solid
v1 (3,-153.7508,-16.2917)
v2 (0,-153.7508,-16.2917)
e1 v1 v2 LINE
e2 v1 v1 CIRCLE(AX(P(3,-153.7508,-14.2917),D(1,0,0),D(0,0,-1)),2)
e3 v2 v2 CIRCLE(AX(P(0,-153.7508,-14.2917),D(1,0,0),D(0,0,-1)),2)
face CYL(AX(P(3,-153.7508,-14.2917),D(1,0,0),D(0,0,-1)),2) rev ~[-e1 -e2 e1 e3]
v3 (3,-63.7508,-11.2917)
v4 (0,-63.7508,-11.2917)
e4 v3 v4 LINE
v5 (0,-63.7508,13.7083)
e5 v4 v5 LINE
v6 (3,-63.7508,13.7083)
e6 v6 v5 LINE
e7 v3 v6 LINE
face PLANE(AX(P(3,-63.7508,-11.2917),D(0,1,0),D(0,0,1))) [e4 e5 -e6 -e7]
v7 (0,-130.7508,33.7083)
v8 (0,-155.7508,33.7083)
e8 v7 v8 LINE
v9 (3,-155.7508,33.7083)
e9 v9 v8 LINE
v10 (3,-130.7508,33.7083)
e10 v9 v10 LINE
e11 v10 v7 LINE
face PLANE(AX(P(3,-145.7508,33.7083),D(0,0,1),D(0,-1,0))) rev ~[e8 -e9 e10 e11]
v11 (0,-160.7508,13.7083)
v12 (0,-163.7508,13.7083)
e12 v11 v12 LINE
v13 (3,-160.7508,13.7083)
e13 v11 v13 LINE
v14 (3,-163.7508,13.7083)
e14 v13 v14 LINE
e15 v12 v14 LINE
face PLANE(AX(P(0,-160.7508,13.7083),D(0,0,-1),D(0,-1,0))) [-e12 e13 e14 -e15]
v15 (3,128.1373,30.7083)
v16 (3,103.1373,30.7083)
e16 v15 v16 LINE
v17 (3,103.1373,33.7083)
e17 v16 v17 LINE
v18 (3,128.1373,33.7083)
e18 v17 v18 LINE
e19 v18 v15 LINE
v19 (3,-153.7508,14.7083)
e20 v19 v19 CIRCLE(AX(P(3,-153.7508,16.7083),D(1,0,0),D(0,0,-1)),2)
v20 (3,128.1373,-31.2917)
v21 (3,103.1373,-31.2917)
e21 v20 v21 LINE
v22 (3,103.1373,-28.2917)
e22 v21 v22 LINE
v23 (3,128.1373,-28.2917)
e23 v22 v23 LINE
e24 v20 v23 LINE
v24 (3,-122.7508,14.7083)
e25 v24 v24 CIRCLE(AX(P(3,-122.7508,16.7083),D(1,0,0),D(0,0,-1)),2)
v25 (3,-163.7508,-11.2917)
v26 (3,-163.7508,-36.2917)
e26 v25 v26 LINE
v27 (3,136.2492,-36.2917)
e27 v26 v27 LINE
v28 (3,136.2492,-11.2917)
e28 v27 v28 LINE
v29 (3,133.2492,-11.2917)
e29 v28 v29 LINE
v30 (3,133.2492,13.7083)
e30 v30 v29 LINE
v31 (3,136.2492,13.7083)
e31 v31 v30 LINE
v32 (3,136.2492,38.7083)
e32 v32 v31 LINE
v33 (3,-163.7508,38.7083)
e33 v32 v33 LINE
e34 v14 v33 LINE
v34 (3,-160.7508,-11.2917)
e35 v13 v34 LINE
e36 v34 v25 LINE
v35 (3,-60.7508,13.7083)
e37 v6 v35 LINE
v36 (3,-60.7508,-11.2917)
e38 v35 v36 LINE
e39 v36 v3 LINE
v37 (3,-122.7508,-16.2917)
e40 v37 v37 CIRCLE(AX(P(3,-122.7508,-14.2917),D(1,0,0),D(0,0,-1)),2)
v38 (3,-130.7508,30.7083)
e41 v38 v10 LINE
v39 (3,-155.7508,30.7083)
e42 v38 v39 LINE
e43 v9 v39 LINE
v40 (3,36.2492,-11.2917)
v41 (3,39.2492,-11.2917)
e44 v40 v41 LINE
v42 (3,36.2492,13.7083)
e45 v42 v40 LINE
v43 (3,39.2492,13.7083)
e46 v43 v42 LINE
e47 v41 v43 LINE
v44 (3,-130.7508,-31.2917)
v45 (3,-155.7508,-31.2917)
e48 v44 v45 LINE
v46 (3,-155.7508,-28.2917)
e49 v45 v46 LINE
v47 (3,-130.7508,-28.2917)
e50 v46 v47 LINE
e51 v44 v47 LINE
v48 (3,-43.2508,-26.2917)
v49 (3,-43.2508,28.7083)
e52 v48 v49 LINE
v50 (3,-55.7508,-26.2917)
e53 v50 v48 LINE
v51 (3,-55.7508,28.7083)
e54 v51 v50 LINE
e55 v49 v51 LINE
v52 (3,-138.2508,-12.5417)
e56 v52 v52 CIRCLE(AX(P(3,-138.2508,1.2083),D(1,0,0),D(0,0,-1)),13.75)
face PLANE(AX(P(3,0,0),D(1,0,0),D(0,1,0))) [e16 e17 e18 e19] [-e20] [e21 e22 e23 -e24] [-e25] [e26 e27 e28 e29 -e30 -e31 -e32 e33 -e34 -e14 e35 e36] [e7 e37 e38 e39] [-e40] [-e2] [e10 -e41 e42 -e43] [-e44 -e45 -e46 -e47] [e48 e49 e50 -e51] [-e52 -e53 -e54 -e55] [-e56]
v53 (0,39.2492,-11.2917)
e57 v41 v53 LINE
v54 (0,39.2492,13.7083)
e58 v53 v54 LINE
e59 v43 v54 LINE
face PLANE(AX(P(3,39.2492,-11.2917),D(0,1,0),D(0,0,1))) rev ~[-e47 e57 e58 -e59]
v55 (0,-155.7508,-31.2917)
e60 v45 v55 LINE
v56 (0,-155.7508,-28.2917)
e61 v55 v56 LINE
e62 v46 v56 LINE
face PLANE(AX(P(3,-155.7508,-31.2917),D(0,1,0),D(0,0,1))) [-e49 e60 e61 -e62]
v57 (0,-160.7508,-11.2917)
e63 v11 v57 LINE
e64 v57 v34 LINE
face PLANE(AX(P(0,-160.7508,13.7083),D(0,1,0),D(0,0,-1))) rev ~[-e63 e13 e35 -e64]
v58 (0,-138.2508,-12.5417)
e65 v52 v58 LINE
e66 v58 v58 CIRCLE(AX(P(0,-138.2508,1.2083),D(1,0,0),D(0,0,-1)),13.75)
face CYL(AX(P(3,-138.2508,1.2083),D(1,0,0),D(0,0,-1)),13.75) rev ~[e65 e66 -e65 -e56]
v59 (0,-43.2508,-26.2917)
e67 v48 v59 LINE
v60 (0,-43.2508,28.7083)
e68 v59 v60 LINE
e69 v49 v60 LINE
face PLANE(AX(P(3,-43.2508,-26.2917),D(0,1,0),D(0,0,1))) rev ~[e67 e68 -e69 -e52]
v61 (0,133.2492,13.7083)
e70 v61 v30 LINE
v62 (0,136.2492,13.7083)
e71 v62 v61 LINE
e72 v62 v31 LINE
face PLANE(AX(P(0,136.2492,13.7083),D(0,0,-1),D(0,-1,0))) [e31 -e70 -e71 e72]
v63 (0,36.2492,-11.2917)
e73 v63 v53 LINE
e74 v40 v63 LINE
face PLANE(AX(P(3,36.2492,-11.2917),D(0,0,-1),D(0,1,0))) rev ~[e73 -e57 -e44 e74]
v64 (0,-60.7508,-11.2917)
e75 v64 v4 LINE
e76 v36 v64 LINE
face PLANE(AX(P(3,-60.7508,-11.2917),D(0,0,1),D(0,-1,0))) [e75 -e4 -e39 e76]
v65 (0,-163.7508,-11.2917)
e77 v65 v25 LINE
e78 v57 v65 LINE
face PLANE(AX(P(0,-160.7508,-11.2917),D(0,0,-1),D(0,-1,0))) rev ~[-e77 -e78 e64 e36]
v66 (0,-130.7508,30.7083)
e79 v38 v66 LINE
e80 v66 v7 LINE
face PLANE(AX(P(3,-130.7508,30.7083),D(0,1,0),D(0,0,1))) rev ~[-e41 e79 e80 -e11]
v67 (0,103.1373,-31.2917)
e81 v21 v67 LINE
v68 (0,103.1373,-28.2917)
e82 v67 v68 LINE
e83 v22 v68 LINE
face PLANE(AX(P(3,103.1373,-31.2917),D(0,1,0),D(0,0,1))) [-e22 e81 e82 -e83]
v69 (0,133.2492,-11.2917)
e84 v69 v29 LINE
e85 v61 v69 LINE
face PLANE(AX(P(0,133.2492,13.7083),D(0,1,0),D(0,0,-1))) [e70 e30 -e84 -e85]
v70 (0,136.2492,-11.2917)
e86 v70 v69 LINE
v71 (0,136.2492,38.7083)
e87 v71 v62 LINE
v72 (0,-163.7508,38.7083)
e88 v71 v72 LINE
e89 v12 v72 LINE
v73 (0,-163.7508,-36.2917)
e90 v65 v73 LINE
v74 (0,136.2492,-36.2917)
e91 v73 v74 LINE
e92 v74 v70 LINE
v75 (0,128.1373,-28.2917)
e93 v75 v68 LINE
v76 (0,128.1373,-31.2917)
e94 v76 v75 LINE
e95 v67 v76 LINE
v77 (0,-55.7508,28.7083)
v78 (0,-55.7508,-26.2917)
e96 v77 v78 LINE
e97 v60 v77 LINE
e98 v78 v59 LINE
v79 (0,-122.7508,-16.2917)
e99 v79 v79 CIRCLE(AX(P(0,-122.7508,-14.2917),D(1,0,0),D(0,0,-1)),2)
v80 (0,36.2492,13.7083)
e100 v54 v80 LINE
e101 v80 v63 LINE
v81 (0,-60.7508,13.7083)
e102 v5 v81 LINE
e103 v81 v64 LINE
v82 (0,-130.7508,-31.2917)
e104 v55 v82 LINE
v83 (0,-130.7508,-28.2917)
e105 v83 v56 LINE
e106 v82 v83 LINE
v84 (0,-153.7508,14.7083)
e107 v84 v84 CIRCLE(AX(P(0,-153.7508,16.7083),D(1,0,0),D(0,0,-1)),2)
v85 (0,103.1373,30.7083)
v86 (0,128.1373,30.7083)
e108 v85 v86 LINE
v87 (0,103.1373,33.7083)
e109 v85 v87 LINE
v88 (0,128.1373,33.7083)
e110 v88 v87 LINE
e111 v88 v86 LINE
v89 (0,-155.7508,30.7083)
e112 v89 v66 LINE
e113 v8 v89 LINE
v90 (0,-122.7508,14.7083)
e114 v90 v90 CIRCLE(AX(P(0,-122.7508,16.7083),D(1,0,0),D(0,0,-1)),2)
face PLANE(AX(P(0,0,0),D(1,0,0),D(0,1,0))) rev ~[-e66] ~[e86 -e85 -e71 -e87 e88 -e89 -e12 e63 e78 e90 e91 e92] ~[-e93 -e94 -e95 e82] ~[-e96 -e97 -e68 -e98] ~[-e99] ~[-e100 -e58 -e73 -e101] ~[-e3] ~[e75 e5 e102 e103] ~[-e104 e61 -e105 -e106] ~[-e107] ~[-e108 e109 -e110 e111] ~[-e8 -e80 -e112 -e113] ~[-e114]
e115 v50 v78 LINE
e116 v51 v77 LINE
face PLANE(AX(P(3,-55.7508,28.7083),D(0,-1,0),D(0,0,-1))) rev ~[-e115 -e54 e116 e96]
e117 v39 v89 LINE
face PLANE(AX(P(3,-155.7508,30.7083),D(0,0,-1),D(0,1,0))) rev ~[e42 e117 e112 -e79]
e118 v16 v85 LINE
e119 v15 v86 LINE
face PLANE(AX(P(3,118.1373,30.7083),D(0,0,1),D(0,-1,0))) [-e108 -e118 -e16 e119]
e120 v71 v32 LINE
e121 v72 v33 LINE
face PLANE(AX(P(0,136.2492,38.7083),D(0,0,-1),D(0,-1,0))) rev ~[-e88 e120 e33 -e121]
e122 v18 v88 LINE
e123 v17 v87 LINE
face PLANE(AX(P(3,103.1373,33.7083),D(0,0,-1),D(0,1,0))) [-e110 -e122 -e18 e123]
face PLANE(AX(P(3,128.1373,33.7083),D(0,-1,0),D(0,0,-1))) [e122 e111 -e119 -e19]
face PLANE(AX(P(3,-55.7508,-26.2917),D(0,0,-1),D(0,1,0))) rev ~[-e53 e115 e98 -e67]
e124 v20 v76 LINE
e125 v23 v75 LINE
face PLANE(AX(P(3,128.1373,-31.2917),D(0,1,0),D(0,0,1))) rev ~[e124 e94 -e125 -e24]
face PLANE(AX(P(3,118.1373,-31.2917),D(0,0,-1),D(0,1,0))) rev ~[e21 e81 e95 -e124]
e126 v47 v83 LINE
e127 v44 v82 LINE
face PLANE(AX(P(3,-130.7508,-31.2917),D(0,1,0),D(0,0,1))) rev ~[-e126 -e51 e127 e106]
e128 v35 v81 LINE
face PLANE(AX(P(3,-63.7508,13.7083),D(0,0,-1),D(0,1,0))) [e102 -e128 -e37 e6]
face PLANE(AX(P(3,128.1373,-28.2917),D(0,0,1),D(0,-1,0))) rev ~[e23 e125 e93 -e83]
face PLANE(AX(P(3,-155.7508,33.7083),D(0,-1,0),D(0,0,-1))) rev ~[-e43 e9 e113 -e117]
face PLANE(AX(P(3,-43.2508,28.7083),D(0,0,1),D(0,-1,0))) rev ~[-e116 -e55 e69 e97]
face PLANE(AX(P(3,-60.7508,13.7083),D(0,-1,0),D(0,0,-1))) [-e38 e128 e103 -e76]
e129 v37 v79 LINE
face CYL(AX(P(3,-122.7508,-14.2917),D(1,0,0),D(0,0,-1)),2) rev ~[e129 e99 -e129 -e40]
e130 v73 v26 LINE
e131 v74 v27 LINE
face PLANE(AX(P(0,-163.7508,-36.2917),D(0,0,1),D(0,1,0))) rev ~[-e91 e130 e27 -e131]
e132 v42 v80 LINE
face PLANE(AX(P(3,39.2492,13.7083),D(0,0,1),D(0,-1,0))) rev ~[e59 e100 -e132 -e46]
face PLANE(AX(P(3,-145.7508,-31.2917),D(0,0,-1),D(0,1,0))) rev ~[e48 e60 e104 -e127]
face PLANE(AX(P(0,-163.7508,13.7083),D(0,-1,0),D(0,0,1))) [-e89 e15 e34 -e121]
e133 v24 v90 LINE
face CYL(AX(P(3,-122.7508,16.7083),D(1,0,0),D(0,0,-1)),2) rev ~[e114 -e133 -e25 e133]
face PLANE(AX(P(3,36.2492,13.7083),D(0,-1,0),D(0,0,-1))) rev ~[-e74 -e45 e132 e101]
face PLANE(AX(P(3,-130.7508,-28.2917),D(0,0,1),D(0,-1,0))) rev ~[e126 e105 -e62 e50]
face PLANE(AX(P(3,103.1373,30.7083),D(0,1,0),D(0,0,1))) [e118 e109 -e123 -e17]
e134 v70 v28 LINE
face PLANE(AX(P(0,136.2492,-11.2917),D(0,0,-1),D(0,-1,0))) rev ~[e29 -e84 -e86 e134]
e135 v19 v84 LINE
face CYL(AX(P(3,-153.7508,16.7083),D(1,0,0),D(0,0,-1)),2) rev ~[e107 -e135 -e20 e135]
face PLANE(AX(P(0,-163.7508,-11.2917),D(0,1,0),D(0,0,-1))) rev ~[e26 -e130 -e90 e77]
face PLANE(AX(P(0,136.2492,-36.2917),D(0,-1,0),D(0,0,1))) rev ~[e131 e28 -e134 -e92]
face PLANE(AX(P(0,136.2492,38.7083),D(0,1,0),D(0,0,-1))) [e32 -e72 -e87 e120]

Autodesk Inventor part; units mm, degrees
ref_plane "YZ Plane" through (0, 0, 0) normal (1, 0, 0) x (0, 1, 0)
ref_plane "XZ Plane" through (0, 0, 0) normal (0, 1, 0) x (-1, 0, 0)
ref_plane "XY Plane" through (0, 0, 0) normal (0, 0, 1) x (1, 0, 0)
sketch "Sketch1" plane through (0, 0, 0) normal (1, 0, 0) x (0, 1, 0)
  line L0 (136.2492, 38.7083) -> (-163.7508, 38.7083)
  line L1 (-163.7508, -36.2917) -> (136.2492, -36.2917)
  line L2 (-160.7508, 13.7083) -> (-160.7508, -11.2917)
  line L3 (-160.7508, -11.2917) -> (-163.7508, -11.2917)
  line L4 (-160.7508, 13.7083) -> (-163.7508, 13.7083)
  line L5 (-163.7508, 13.7083) -> (-163.7508, 38.7083)
  line L6 (-163.7508, -11.2917) -> (-163.7508, -36.2917)
  line L7 (136.2492, 38.7083) -> (136.2492, 13.7083)
  line L8 (136.2492, -36.2917) -> (136.2492, -11.2917)
  line L9 (136.2492, 13.7083) -> (133.2492, 13.7083)
  line L10 (133.2492, 13.7083) -> (133.2492, -11.2917)
  line L11 (136.2492, -11.2917) -> (133.2492, -11.2917)
  point P0 (0, 0)
  dimension "d1" = 300
extrude "Extrusion1" add sketch "Sketch1" along normal blind 3
sketch "Sketch2" plane through (3, 0, 0) normal (1, 0, 0) x (0, 0, -1)
  line L0 (-13.7083, -163.7508) -> (-13.7083, -160.7508) projected
  line L1 (-13.7083, -160.7508) -> (11.2917, -160.7508) projected
  line L2 (-13.7083, -60.7508) -> (11.2917, -60.7508)
  line L3 (11.2917, -60.7508) -> (11.2917, -63.7508)
  line L4 (11.2917, -63.7508) -> (-13.7083, -63.7508)
  line L5 (-13.7083, -63.7508) -> (-13.7083, -60.7508)
  line L6 (36.2917, -163.7508) -> (36.2917, 136.2492) projected
  line L7 (-13.7083, 36.2492) -> (11.2917, 36.2492)
  line L8 (11.2917, 36.2492) -> (11.2917, 39.2492)
  line L9 (11.2917, 39.2492) -> (-13.7083, 39.2492)
  line L10 (-13.7083, 39.2492) -> (-13.7083, 36.2492)
  point P0 (0, 0)
extrude "Extrusion2" cut sketch "Sketch2" against normal blind 3
sketch "Sketch3" plane through (3, 0, 0) normal (1, 0, 0) x (0, 0, -1)
  line L0 (-13.7083, -160.7508) -> (11.2917, -160.7508) projected
  circle A0 centre (-16.7083, -154.7508) radius 1.5
  circle A1 centre (14.2917, -154.7508) radius 1.5
  circle A2 centre (14.2917, -123.7508) radius 1.5
  circle A3 centre (-16.7083, -123.7508) radius 1.5
  circle A4 centre (-1.2083, -139.2508) radius 12
  point P0 (0, 0)
  dimension "d29" = 3
  dimension "d30" = 3
  dimension "d31" = 3
  dimension "d32" = 3
  dimension "d33" = 24
extrude "Extrusion3" cut sketch "Sketch3" against normal blind 3
sketch "Sketch4" plane through (3, 0, 0) normal (1, 0, 0) x (0, 0, -1)
  line L0 (-13.7083, -160.7508) -> (11.2917, -160.7508) projected
  line L1 (36.2917, -163.7508) -> (36.2917, 136.2492) projected
  line L2 (31.2917, -155.7508) -> (28.2917, -155.7508)
  line L3 (28.2917, -155.7508) -> (28.2917, -145.7508)
  line L4 (28.2917, -145.7508) -> (31.2917, -145.7508)
  line L5 (31.2917, -145.7508) -> (31.2917, -155.7508)
  line L6 (-38.7083, 136.2492) -> (-38.7083, -163.7508) projected
  line L7 (-33.7083, -155.7508) -> (-30.7083, -155.7508)
  line L8 (-30.7083, -155.7508) -> (-30.7083, -145.7508)
  line L9 (-30.7083, -145.7508) -> (-33.7083, -145.7508)
  line L10 (-33.7083, -145.7508) -> (-33.7083, -155.7508)
  line L11 (-33.7083, 128.1373) -> (-30.7083, 128.1373)
  line L12 (-30.7083, 128.1373) -> (-30.7083, 118.1373)
  line L13 (-30.7083, 118.1373) -> (-33.7083, 118.1373)
  line L14 (-33.7083, 118.1373) -> (-33.7083, 128.1373)
  line L15 (31.2917, 128.1373) -> (28.2917, 128.1373)
  line L16 (28.2917, 128.1373) -> (28.2917, 118.1373)
  line L17 (28.2917, 118.1373) -> (31.2917, 118.1373)
  line L18 (31.2917, 118.1373) -> (31.2917, 128.1373)
  point P0 (0, 0)
  dimension "d38" = 3
  dimension "d39" = 10
  dimension "d46" = 3
  dimension "d47" = 10
  dimension "d48" = 3
  dimension "d49" = 10
  dimension "d50" = 10
  dimension "d51" = 3
extrude "Extrusion4" cut sketch "Sketch4" against normal blind 30
sketch "Sketch5" plane through (3, 0, 0) normal (1, 0, 0) x (0, 0, -1)
  line L0 (-13.7083, -60.7508) -> (11.2917, -60.7508) projected
  line L1 (-38.7083, 136.2492) -> (-38.7083, -163.7508) projected
  line L2 (36.2917, -163.7508) -> (36.2917, 136.2492) projected
  line L3 (-28.7083, -55.7508) -> (26.2917, -55.7508)
  line L4 (26.2917, -55.7508) -> (26.2917, -43.2508)
  line L5 (26.2917, -43.2508) -> (-28.7083, -43.2508)
  line L6 (-28.7083, -43.2508) -> (-28.7083, -55.7508)
  point P0 (0, 0)
extrude "Extrusion5" cut sketch "Sketch5" against normal blind 10
sketch "Sketch6" plane through (3, 0, 0) normal (1, 0, 0) x (0, 0, -1)
  line L0 (-30.7083, 118.1373) -> (-33.7083, 118.1373) projected
  line L1 (-33.7083, 118.1373) -> (-30.7083, 118.1373)
  line L2 (-30.7083, 118.1373) -> (-30.7083, 103.1373)
  line L3 (-30.7083, 103.1373) -> (-33.7083, 103.1373)
  line L4 (-33.7083, 103.1373) -> (-33.7083, 118.1373)
  line L5 (28.2917, 118.1373) -> (31.2917, 118.1373) projected
  line L6 (28.2917, 118.1373) -> (31.2917, 118.1373)
  line L7 (31.2917, 118.1373) -> (31.2917, 103.1373)
  line L8 (31.2917, 103.1373) -> (28.2917, 103.1373)
  line L9 (28.2917, 103.1373) -> (28.2917, 118.1373)
  line L10 (-33.7083, -155.7508) -> (-33.7083, -145.7508) projected
  line L11 (-33.7083, -145.7508) -> (-30.7083, -145.7508)
  line L12 (-30.7083, -145.7508) -> (-30.7083, -130.7508)
  line L13 (-30.7083, -130.7508) -> (-33.7083, -130.7508)
  line L14 (-33.7083, -130.7508) -> (-33.7083, -145.7508)
  line L15 (28.2917, -155.7508) -> (28.2917, -145.7508) projected
  line L16 (28.2917, -145.7508) -> (31.2917, -145.7508)
  line L17 (31.2917, -145.7508) -> (31.2917, -130.7508)
  line L18 (31.2917, -130.7508) -> (28.2917, -130.7508)
  line L19 (28.2917, -130.7508) -> (28.2917, -145.7508)
  point P0 (0, 0)
  dimension "d62" = 15
  dimension "d63" = 15
extrude "Extrusion6" cut sketch "Sketch6" against normal blind 10
sketch "Sketch7" plane through (3, 0, 0) normal (1, 0, 0) x (0, 0, -1)
  point P0 (0, 0)
sketch "Sketch8" plane through (3, 0, 0) normal (1, 0, 0) x (0, 0, -1)
  circle A0 centre (-16.7083, -123.7508) radius 1.5 projected
  circle A1 centre (14.2917, -123.7508) radius 1.5 projected
  line L0 (-16.7083, -123.7508) -> (14.2917, -123.7508)
  circle A2 centre (14.2917, -154.7508) radius 1.5 projected
  line L1 (14.2917, -123.7508) -> (14.2917, -154.7508)
  circle A3 centre (-16.7083, -154.7508) radius 1.5 projected
  line L2 (14.2917, -154.7508) -> (-16.7083, -154.7508)
  line L3 (-16.7083, -154.7508) -> (-16.7083, -123.7508)
  circle A4 centre (-16.7083, -123.7508) radius 1.5
  circle A5 centre (14.2917, -123.7508) radius 1.5
  circle A6 centre (14.2917, -154.7508) radius 1.5
  circle A7 centre (-16.7083, -154.7508) radius 1.5
  circle A8 centre (-1.2083, -139.2508) radius 12 projected
  circle A9 centre (-1.2083, -139.2508) radius 12
  point P0 (0, 0)
extrude "Extrusion7" add sketch "Sketch8" against normal blind 3 contours L0 L3 A0 | A0 L3 L0 | L0 L1 A1 | A1 L1 L0 | L3 L2 A3 | A3 L2 L3 | L1 L2 A2 | A2 L2 L1 | A8
sketch "Sketch9" plane through (3, 0, 0) normal (1, 0, 0) x (0, 0, -1)
  line L0 (11.2917, -163.7508) -> (36.2917, -163.7508) projected
  line L1 (-38.7083, -163.7508) -> (-13.7083, -163.7508) projected
  line L2 (36.2917, -163.7508) -> (36.2917, 136.2492) projected
  circle A0 centre (-16.7083, -153.7508) radius 2
  circle A1 centre (14.2917, -153.7508) radius 2
  circle A2 centre (14.2917, -122.7508) radius 2
  circle A3 centre (-16.7083, -122.7508) radius 2
  circle A4 centre (-1.2083, -138.2508) radius 12
  point P0 (0, 0)
  dimension "d75" = 4
  dimension "d76" = 4
  dimension "d77" = 4
  dimension "d78" = 4
  dimension "d79" = 24
extrude "Extrusion8" cut sketch "Sketch9" against normal blind 3
sketch "Sketch10" plane through (3, 0, 0) normal (1, 0, 0) x (0, 0, -1)
  circle A0 centre (-1.2083, -138.2508) radius 12 projected
  circle A1 centre (-1.2083, -138.2508) radius 13.75
  point P0 (0, 0)
  dimension "d82" = 27.5
extrude "Extrusion9" cut sketch "Sketch10" against normal blind 10 contours A0 | A1
properties part number "MuurL"
